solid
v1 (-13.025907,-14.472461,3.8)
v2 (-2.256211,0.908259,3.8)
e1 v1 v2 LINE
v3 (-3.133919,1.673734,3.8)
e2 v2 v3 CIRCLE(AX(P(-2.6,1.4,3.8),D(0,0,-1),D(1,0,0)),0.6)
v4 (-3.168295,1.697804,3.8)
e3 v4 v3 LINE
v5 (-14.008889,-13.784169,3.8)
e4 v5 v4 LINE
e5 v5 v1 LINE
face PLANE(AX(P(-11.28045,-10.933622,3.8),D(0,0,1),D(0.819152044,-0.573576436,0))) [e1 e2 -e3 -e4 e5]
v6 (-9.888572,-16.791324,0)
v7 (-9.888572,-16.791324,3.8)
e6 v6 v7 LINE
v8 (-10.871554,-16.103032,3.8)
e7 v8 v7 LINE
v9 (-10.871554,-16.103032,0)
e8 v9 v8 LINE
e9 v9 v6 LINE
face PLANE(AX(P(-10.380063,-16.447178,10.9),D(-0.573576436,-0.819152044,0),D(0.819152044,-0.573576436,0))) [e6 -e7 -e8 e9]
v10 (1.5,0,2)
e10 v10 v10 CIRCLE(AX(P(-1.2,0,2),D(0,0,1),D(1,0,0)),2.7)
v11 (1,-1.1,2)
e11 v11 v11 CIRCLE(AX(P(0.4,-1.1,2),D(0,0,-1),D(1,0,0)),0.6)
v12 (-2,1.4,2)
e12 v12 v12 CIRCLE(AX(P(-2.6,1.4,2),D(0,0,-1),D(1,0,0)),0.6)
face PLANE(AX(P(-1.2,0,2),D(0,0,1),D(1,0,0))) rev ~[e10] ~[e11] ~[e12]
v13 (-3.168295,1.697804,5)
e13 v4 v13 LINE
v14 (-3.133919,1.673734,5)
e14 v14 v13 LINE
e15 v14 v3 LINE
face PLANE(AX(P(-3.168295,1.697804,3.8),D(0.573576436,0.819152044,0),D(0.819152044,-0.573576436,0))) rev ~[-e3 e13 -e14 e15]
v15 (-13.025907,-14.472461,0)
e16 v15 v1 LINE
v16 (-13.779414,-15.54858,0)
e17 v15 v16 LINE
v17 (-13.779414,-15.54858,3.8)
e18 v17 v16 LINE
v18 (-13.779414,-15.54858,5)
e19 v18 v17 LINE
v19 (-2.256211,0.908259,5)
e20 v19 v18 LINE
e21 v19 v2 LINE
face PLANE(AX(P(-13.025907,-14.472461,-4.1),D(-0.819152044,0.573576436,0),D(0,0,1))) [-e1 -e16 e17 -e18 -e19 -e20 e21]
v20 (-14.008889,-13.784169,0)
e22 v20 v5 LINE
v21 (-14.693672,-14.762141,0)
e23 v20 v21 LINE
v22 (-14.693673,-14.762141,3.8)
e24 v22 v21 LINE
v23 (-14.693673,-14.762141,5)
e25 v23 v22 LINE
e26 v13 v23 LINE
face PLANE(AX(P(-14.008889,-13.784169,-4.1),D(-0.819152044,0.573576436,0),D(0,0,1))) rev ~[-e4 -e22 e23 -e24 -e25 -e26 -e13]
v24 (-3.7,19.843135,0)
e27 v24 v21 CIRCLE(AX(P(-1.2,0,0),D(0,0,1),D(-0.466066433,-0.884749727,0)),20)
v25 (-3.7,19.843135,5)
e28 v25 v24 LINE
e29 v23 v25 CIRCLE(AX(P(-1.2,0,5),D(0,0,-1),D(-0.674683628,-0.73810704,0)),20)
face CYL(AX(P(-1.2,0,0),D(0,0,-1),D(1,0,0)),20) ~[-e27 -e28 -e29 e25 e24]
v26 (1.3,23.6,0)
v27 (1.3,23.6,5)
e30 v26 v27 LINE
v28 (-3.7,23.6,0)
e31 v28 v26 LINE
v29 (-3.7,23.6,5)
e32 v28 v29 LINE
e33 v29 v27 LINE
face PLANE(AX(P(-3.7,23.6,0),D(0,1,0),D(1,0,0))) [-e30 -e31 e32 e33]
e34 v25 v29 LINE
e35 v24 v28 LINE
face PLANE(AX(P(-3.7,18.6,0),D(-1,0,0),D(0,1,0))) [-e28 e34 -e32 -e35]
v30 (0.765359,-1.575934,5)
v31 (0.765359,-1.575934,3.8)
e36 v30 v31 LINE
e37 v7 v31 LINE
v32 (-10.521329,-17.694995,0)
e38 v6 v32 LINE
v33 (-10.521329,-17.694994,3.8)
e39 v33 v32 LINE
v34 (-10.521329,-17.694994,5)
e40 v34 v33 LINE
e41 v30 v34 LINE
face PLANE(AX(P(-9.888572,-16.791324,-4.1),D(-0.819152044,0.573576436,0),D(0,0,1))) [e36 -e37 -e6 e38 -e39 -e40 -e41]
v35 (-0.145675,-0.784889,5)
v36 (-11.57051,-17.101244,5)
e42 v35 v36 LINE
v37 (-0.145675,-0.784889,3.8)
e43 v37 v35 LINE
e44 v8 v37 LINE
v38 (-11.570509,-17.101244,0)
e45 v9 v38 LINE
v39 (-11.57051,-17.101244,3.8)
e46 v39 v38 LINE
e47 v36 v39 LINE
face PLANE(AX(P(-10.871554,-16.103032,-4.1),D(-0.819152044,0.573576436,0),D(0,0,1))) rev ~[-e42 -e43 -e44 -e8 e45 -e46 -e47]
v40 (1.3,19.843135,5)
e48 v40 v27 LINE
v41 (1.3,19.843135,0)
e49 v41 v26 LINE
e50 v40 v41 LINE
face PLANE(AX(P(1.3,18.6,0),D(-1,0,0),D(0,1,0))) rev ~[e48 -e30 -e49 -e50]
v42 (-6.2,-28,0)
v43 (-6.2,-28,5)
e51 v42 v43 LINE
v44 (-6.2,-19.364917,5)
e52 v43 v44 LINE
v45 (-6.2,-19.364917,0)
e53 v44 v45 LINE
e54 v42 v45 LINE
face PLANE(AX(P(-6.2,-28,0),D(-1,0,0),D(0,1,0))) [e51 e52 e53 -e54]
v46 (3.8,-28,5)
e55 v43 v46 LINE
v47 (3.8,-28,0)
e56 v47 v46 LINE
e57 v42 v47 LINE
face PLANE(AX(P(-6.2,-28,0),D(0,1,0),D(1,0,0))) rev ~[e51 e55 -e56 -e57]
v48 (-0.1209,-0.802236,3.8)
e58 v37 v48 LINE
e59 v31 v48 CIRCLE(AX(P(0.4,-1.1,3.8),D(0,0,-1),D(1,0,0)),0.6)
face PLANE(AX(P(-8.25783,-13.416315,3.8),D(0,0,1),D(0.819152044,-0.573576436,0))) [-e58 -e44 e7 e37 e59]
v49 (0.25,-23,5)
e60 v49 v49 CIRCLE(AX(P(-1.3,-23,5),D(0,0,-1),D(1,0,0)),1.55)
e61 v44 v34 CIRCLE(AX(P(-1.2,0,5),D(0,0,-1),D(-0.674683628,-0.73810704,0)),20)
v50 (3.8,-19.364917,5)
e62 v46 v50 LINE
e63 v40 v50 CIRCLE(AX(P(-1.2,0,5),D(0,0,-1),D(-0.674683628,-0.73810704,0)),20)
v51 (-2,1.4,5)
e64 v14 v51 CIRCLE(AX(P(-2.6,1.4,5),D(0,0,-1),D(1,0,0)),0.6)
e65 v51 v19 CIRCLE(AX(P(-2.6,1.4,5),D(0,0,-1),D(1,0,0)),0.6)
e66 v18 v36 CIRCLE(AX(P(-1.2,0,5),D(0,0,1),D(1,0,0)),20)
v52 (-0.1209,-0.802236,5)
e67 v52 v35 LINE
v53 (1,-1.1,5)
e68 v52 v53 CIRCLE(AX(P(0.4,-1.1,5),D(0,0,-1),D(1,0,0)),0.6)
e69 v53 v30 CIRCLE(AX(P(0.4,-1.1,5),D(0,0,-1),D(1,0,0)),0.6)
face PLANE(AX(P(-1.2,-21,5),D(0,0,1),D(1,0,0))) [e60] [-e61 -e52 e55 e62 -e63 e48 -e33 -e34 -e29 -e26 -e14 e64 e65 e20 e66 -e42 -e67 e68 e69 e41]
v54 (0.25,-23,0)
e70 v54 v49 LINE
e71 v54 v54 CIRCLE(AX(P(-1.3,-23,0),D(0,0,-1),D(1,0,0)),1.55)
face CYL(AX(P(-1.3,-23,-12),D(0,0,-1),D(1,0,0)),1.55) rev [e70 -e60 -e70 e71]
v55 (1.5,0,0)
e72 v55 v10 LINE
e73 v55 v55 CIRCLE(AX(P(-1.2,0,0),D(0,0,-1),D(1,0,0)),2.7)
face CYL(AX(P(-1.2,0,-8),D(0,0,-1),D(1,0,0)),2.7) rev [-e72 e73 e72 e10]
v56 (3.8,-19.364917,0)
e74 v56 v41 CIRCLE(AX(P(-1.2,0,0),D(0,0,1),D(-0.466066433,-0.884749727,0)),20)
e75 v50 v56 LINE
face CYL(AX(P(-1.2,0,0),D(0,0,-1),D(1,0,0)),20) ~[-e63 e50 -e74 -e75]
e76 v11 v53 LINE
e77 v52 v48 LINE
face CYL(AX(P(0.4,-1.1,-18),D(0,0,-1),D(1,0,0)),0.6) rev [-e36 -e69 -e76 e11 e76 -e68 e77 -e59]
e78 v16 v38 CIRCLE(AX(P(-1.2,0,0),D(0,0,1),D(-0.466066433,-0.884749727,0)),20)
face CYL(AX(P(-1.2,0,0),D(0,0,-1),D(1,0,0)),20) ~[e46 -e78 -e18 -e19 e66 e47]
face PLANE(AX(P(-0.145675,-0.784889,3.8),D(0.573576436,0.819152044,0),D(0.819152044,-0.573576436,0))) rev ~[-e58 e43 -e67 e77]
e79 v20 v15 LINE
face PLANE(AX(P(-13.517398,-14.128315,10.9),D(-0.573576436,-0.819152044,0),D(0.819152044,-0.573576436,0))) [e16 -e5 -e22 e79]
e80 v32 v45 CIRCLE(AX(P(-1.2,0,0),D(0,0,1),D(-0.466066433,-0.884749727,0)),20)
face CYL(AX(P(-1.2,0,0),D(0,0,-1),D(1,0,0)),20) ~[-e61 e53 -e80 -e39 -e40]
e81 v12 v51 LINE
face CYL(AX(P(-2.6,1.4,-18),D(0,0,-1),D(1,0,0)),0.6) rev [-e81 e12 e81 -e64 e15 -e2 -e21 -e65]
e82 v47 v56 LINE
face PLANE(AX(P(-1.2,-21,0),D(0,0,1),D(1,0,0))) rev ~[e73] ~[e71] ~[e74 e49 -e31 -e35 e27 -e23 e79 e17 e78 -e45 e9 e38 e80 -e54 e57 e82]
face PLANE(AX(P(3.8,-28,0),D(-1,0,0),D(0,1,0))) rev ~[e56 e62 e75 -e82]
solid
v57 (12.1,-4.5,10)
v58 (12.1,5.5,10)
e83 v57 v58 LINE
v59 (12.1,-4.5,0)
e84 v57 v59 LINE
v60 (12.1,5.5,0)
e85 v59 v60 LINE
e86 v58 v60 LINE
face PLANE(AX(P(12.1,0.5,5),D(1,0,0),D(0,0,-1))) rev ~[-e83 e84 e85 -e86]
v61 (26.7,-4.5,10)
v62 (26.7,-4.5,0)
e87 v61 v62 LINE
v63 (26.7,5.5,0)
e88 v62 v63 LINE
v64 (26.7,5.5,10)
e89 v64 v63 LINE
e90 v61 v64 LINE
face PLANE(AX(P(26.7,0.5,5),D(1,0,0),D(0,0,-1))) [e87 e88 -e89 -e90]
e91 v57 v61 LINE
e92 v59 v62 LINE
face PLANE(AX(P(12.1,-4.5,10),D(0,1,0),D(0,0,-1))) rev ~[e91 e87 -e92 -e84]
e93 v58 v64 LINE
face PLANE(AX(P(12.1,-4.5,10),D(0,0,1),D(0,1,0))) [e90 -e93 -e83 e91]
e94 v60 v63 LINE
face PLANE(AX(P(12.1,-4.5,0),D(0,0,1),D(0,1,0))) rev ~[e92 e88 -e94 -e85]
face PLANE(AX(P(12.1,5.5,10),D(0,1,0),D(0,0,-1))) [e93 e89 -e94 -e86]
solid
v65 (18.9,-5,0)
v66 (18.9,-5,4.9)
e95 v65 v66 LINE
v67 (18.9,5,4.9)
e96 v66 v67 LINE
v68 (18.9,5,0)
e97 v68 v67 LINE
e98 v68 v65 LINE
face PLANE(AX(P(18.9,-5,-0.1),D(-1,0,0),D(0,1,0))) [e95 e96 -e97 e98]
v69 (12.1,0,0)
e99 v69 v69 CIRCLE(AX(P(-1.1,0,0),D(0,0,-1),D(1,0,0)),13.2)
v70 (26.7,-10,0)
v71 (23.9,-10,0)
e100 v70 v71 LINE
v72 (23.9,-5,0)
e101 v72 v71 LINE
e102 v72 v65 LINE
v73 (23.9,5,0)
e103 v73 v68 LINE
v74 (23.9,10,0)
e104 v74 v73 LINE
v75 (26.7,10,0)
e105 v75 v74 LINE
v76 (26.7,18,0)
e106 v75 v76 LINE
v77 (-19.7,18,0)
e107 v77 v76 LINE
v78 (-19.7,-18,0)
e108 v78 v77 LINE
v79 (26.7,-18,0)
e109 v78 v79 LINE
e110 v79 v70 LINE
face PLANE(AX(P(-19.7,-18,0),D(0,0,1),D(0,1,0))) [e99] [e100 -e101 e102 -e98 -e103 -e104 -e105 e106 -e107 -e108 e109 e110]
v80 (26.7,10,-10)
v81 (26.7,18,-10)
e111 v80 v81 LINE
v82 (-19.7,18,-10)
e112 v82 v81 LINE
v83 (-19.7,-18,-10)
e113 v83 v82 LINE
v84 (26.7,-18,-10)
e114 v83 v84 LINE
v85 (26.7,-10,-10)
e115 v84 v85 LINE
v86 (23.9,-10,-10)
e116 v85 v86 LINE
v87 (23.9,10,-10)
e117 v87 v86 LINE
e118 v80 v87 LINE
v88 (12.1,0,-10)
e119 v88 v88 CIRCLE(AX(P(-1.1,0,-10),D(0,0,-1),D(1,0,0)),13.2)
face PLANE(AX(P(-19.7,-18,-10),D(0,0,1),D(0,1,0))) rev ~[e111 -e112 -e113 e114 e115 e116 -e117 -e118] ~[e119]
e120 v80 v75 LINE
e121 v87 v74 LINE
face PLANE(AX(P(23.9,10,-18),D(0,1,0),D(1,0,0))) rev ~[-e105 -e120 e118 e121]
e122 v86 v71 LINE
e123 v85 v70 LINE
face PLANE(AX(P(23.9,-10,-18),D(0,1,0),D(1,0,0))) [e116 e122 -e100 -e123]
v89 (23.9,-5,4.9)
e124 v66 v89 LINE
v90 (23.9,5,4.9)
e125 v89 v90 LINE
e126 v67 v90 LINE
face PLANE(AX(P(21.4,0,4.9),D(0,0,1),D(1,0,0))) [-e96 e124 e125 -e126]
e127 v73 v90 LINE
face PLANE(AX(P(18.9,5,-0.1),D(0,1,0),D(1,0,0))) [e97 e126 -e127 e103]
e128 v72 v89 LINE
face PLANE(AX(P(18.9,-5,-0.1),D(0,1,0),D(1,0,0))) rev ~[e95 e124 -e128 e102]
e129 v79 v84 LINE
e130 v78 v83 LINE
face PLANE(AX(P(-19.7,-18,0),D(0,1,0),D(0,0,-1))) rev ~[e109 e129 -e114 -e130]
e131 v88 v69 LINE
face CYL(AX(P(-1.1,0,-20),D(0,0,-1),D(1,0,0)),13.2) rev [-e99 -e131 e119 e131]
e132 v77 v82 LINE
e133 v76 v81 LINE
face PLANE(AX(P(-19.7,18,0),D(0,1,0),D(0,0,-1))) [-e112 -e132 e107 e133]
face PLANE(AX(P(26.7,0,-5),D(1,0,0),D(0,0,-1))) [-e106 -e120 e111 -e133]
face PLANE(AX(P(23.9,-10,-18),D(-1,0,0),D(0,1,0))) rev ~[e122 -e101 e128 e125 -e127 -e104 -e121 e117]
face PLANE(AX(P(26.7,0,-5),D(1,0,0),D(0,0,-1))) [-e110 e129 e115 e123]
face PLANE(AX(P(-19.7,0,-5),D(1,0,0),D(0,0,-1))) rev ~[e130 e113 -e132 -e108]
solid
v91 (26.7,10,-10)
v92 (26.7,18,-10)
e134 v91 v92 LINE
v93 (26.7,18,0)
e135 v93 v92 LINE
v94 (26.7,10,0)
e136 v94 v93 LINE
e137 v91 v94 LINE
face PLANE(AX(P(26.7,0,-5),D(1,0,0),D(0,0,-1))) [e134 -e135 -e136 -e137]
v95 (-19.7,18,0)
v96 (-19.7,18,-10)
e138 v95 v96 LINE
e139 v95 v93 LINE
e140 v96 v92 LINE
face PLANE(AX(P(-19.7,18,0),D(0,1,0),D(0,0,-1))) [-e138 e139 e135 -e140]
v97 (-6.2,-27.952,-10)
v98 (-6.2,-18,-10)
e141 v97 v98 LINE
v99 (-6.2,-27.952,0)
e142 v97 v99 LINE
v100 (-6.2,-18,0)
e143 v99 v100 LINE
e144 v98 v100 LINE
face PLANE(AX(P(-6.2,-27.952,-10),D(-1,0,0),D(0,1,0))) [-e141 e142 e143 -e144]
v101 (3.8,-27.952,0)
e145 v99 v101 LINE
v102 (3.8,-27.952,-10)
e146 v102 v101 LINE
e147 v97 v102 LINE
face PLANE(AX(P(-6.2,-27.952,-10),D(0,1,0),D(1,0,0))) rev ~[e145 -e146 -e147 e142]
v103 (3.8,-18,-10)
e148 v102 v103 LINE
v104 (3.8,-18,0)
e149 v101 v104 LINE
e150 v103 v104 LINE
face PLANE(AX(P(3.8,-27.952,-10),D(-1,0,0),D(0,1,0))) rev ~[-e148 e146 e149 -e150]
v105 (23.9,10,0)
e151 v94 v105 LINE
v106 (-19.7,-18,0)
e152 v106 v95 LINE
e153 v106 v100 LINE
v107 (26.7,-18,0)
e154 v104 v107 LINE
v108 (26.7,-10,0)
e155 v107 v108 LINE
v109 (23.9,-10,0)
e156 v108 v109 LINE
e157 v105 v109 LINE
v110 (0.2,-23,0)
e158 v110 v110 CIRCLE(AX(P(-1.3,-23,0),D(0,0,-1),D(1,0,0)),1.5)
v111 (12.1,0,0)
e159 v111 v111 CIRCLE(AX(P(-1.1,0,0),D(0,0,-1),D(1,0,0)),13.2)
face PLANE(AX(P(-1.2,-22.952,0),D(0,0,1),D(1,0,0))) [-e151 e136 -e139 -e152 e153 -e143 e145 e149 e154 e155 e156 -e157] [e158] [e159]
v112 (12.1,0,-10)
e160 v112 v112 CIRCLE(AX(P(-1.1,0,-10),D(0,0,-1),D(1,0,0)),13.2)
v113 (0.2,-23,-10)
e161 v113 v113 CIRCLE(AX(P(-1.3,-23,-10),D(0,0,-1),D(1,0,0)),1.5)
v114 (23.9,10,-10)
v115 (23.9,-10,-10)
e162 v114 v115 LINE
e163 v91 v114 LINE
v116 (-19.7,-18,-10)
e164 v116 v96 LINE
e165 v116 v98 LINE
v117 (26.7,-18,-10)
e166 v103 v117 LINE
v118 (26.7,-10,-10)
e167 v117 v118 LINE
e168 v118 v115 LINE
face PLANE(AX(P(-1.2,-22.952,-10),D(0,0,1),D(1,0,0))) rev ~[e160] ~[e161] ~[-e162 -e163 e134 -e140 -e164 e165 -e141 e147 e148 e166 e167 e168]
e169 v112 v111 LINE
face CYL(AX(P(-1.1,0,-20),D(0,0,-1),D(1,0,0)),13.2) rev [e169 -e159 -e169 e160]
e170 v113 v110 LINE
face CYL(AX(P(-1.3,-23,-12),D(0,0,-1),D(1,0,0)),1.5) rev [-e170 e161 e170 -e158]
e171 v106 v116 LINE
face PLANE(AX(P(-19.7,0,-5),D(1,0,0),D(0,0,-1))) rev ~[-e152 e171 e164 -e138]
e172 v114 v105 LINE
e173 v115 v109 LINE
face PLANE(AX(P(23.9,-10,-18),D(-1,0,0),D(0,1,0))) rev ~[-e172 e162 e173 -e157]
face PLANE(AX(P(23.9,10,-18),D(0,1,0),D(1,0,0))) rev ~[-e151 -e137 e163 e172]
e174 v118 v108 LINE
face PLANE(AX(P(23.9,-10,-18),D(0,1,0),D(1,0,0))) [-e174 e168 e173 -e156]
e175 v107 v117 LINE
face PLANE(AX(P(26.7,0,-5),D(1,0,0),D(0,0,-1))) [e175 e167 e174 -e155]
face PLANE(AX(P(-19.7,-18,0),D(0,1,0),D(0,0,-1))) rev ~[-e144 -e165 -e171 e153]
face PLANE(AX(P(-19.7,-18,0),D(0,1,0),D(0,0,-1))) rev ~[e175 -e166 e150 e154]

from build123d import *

# Parameters (mm, degrees)
BOX001_W               = 10
BOX001_H               = 10
BOX001_DEPTH           = 14.6
CYLINDER001_R          = 1.5
CYLINDER001_DEPTH      = 30
BOX002_W               = 10
BOX002_H               = 10
BOX002_DEPTH           = 10
BOX005_W               = 10
BOX005_H               = 20
BOX005_DEPTH           = 20
CYLINDER_R             = 13.2
CYLINDER_DEPTH         = 40
BOX_W                  = 10
BOX_H                  = 36
BOX_DEPTH              = 46.4
BOX004_W               = 5
BOX004_H               = 10
BOX004_DEPTH           = 5
BOX006_W               = 5
BOX006_H               = 5
BOX006_DEPTH           = 5
CYLINDER003_R          = 1.55
CYLINDER003_DEPTH      = 50
BOX003_W               = 10
BOX003_H               = 14
BOX003_DEPTH           = 5
BOX010_W               = 1.2
BOX010_H               = 30
BOX010_DEPTH           = 10
BOX010_ROLL_ANGLE      = 90
BOX010_PLACEMENT_ANGLE = -35
BOX009_W               = 1.2
BOX009_H               = 30
BOX009_DEPTH           = 10
BOX009_ROLL_ANGLE      = 90
BOX009_PLACEMENT_ANGLE = -35
BOX008_W               = 1.2
BOX008_H               = 30
BOX008_DEPTH           = 10
BOX008_PLACEMENT_ANGLE = 325
BOX007_W               = 1.2
BOX007_H               = 30
BOX007_DEPTH           = 10
BOX007_PLACEMENT_ANGLE = 325
CYLINDER006_R          = 0.6
CYLINDER006_DEPTH      = 30
CYLINDER005_R          = 0.6
CYLINDER005_DEPTH      = 30
CYLINDER004_R          = 2.7
CYLINDER004_DEPTH      = 10
CYLINDER002_R          = 20
CYLINDER002_DEPTH      = 5


with BuildPart() as cube001:
    # Box001 → Box001 (new body)
    with BuildSketch(Plane(origin=(12.1, -4.5, 10), x_dir=(0, 0, -1), z_dir=(1, 0, 0))):
        with Locations((5, 5)):
            Rectangle(BOX001_W, BOX001_H)
    extrude(amount=BOX001_DEPTH)


with BuildPart() as hingetabhole:
    # Cylinder001 → Cylinder001 (new body)
    with BuildSketch(Plane(origin=(-1.3, -23, -12), x_dir=(1, 0, 0), z_dir=(0, 0, 1))):
        Circle(CYLINDER001_R)
    extrude(amount=CYLINDER001_DEPTH)


with BuildPart() as mainpiecehingetab:
    # Box002 → Box002 (new body)
    with BuildSketch(Plane(origin=(-6.2, -27.952, -10), x_dir=(1, 0, 0), z_dir=(0, 0, 1))):
        with Locations((5, 5)):
            Rectangle(BOX002_W, BOX002_H)
    extrude(amount=BOX002_DEPTH)

    # Cut010: cut hingeTabHole
    add(hingetabhole.part, mode=Mode.SUBTRACT)


with BuildPart() as footcutout:
    # Box005 → Box005 (new body)
    with BuildSketch(Plane(origin=(23.9, -10, -18), x_dir=(1, 0, 0), z_dir=(0, 0, 1))):
        with Locations((5, 10)):
            Rectangle(BOX005_W, BOX005_H)
    extrude(amount=BOX005_DEPTH)


with BuildPart() as cardboardbarrelholder:
    # Cylinder → Cylinder (new body)
    with BuildSketch(Plane(origin=(-1.1, 0, -20), x_dir=(1, 0, 0), z_dir=(0, 0, 1))):
        Circle(CYLINDER_R)
    extrude(amount=CYLINDER_DEPTH)


with BuildPart() as mainpiece1:
    # Box → Box (new body)
    with BuildSketch(Plane(origin=(-19.7, -18, 0), x_dir=(0, 0, -1), z_dir=(1, 0, 0))):
        with Locations((5, 18)):
            Rectangle(BOX_W, BOX_H)
    extrude(amount=BOX_DEPTH)

    # Cut: cut cardboardBarrelHolder
    add(cardboardbarrelholder.part, mode=Mode.SUBTRACT)

    # Cut001: cut footCutout
    add(footcutout.part, mode=Mode.SUBTRACT)


with BuildPart() as mainpiece2:
    # Fusion base: copy of mainPiece1
    add(mainpiece1.part)

    # Fusion: union mainPieceHingeTab
    add(mainpiecehingetab.part)


with BuildPart() as swivelstop:
    # Box004 → Box004 (new body)
    with BuildSketch(Plane(origin=(18.9, -5, -0.1), x_dir=(1, 0, 0), z_dir=(0, 0, 1))):
        with Locations((2.5, 5)):
            Rectangle(BOX004_W, BOX004_H)
    extrude(amount=BOX004_DEPTH)


with BuildPart() as mainpiece3:
    # Fusion002 base: copy of mainPiece1
    add(mainpiece1.part)

    # Fusion002: union swivelStop
    add(swivelstop.part)


with BuildPart() as shuttermovetab:
    # Box006 → Box006 (new body)
    with BuildSketch(Plane(origin=(-3.7, 18.6, 0), x_dir=(1, 0, 0), z_dir=(0, 0, 1))):
        with Locations((2.5, 2.5)):
            Rectangle(BOX006_W, BOX006_H)
    extrude(amount=BOX006_DEPTH)


with BuildPart() as shuttertabhole:
    # Cylinder003 → Cylinder003 (new body)
    with BuildSketch(Plane(origin=(-1.3, -23, -12), x_dir=(1, 0, 0), z_dir=(0, 0, 1))):
        Circle(CYLINDER003_R)
    extrude(amount=CYLINDER003_DEPTH)


with BuildPart() as shutterhingetab001:
    # Box003 → Box003 (new body)
    with BuildSketch(Plane(origin=(-6.2, -28, 0), x_dir=(1, 0, 0), z_dir=(0, 0, 1))):
        with Locations((5, 7)):
            Rectangle(BOX003_W, BOX003_H)
    extrude(amount=BOX003_DEPTH)

    # Cut009: cut shutterTabHole
    add(shuttertabhole.part, mode=Mode.SUBTRACT)


with BuildPart() as radialtransit4:
    # Box010 → Box010 (new body)
    with BuildSketch(Plane.XY):
        with Locations((0.6, 15)):
            Rectangle(BOX010_W, BOX010_H)
    extrude(amount=BOX010_DEPTH)


with BuildPart() as radialtransit4_1:
    # Box010 roll: moved
    add(radialtransit4.part.rotate(Axis((0, 0, 0), (1, 0, 0)), BOX010_ROLL_ANGLE))


with BuildPart() as radialtransit4_2:
    # Box010 placement: moved
    add(radialtransit4_1.part.moved(Location((-14.008889, -13.784169, -4.1))).rotate(Axis((-14.008889, -13.784169, -4.1), (0, 0, 1)), BOX010_PLACEMENT_ANGLE))


with BuildPart() as radialtransit3:
    # Box009 → Box009 (new body)
    with BuildSketch(Plane.XY):
        with Locations((0.6, 15)):
            Rectangle(BOX009_W, BOX009_H)
    extrude(amount=BOX009_DEPTH)


with BuildPart() as radialtransit3_1:
    # Box009 roll: moved
    add(radialtransit3.part.rotate(Axis((0, 0, 0), (1, 0, 0)), BOX009_ROLL_ANGLE))


with BuildPart() as radialtransit3_2:
    # Box009 placement: moved
    add(radialtransit3_1.part.moved(Location((-10.871554, -16.103032, -4.1))).rotate(Axis((-10.871554, -16.103032, -4.1), (0, 0, 1)), BOX009_PLACEMENT_ANGLE))


with BuildPart() as radialtransit2:
    # Box008 → Box008 (new body)
    with BuildSketch(Plane.XY):
        with Locations((0.6, 15)):
            Rectangle(BOX008_W, BOX008_H)
    extrude(amount=BOX008_DEPTH)


with BuildPart() as radialtransit2_1:
    # Box008 placement: moved
    add(radialtransit2.part.moved(Location((-20.375588, -22.876757, 3.8))).rotate(Axis((-20.375588, -22.876757, 3.8), (0, 0, 1)), BOX008_PLACEMENT_ANGLE))


with BuildPart() as radialtransit1:
    # Box007 → Box007 (new body)
    with BuildSketch(Plane.XY):
        with Locations((0.6, 15)):
            Rectangle(BOX007_W, BOX007_H)
    extrude(amount=BOX007_DEPTH)


with BuildPart() as radialtransit1_1:
    # Box007 placement: moved
    add(radialtransit1.part.moved(Location((-17.352968, -25.35945, 3.8))).rotate(Axis((-17.352968, -25.35945, 3.8), (0, 0, 1)), BOX007_PLACEMENT_ANGLE))


with BuildPart() as cdswire2:
    # Cylinder006 → Cylinder006 (new body)
    with BuildSketch(Plane(origin=(-2.6, 1.4, -18), x_dir=(1, 0, 0), z_dir=(0, 0, 1))):
        Circle(CYLINDER006_R)
    extrude(amount=CYLINDER006_DEPTH)


with BuildPart() as cdswire1:
    # Cylinder005 → Cylinder005 (new body)
    with BuildSketch(Plane(origin=(0.4, -1.1, -18), x_dir=(1, 0, 0), z_dir=(0, 0, 1))):
        Circle(CYLINDER005_R)
    extrude(amount=CYLINDER005_DEPTH)


with BuildPart() as cdsdivot:
    # Cylinder004 → Cylinder004 (new body)
    with BuildSketch(Plane(origin=(-1.2, 0, -8), x_dir=(1, 0, 0), z_dir=(0, 0, 1))):
        Circle(CYLINDER004_R)
    extrude(amount=CYLINDER004_DEPTH)


with BuildPart() as shutter4:
    # Cylinder002 → Cylinder002 (new body)
    with BuildSketch(Plane(origin=(-1.2, 0, 0), x_dir=(1, 0, 0), z_dir=(0, 0, 1))):
        Circle(CYLINDER002_R)
    extrude(amount=CYLINDER002_DEPTH)

    # Cut002: cut CdSDivot
    add(cdsdivot.part, mode=Mode.SUBTRACT)

    # Cut003: cut CdSWire1
    add(cdswire1.part, mode=Mode.SUBTRACT)

    # Cut004: cut CdsWire2
    add(cdswire2.part, mode=Mode.SUBTRACT)

    # Cut005: cut radialTransit1
    add(radialtransit1_1.part, mode=Mode.SUBTRACT)

    # Cut006: cut radialTransit2
    add(radialtransit2_1.part, mode=Mode.SUBTRACT)

    # Cut007: cut radialTransit3
    add(radialtransit3_2.part, mode=Mode.SUBTRACT)

    # Cut008: cut radialTransit4
    add(radialtransit4_2.part, mode=Mode.SUBTRACT)

    # Fusion001: union shutterHingeTab001
    add(shutterhingetab001.part)

    # Fusion003: union shutterMoveTab
    add(shuttermovetab.part)


solid = Compound([cube001.part, mainpiece2.part, mainpiece3.part, shutter4.part])
